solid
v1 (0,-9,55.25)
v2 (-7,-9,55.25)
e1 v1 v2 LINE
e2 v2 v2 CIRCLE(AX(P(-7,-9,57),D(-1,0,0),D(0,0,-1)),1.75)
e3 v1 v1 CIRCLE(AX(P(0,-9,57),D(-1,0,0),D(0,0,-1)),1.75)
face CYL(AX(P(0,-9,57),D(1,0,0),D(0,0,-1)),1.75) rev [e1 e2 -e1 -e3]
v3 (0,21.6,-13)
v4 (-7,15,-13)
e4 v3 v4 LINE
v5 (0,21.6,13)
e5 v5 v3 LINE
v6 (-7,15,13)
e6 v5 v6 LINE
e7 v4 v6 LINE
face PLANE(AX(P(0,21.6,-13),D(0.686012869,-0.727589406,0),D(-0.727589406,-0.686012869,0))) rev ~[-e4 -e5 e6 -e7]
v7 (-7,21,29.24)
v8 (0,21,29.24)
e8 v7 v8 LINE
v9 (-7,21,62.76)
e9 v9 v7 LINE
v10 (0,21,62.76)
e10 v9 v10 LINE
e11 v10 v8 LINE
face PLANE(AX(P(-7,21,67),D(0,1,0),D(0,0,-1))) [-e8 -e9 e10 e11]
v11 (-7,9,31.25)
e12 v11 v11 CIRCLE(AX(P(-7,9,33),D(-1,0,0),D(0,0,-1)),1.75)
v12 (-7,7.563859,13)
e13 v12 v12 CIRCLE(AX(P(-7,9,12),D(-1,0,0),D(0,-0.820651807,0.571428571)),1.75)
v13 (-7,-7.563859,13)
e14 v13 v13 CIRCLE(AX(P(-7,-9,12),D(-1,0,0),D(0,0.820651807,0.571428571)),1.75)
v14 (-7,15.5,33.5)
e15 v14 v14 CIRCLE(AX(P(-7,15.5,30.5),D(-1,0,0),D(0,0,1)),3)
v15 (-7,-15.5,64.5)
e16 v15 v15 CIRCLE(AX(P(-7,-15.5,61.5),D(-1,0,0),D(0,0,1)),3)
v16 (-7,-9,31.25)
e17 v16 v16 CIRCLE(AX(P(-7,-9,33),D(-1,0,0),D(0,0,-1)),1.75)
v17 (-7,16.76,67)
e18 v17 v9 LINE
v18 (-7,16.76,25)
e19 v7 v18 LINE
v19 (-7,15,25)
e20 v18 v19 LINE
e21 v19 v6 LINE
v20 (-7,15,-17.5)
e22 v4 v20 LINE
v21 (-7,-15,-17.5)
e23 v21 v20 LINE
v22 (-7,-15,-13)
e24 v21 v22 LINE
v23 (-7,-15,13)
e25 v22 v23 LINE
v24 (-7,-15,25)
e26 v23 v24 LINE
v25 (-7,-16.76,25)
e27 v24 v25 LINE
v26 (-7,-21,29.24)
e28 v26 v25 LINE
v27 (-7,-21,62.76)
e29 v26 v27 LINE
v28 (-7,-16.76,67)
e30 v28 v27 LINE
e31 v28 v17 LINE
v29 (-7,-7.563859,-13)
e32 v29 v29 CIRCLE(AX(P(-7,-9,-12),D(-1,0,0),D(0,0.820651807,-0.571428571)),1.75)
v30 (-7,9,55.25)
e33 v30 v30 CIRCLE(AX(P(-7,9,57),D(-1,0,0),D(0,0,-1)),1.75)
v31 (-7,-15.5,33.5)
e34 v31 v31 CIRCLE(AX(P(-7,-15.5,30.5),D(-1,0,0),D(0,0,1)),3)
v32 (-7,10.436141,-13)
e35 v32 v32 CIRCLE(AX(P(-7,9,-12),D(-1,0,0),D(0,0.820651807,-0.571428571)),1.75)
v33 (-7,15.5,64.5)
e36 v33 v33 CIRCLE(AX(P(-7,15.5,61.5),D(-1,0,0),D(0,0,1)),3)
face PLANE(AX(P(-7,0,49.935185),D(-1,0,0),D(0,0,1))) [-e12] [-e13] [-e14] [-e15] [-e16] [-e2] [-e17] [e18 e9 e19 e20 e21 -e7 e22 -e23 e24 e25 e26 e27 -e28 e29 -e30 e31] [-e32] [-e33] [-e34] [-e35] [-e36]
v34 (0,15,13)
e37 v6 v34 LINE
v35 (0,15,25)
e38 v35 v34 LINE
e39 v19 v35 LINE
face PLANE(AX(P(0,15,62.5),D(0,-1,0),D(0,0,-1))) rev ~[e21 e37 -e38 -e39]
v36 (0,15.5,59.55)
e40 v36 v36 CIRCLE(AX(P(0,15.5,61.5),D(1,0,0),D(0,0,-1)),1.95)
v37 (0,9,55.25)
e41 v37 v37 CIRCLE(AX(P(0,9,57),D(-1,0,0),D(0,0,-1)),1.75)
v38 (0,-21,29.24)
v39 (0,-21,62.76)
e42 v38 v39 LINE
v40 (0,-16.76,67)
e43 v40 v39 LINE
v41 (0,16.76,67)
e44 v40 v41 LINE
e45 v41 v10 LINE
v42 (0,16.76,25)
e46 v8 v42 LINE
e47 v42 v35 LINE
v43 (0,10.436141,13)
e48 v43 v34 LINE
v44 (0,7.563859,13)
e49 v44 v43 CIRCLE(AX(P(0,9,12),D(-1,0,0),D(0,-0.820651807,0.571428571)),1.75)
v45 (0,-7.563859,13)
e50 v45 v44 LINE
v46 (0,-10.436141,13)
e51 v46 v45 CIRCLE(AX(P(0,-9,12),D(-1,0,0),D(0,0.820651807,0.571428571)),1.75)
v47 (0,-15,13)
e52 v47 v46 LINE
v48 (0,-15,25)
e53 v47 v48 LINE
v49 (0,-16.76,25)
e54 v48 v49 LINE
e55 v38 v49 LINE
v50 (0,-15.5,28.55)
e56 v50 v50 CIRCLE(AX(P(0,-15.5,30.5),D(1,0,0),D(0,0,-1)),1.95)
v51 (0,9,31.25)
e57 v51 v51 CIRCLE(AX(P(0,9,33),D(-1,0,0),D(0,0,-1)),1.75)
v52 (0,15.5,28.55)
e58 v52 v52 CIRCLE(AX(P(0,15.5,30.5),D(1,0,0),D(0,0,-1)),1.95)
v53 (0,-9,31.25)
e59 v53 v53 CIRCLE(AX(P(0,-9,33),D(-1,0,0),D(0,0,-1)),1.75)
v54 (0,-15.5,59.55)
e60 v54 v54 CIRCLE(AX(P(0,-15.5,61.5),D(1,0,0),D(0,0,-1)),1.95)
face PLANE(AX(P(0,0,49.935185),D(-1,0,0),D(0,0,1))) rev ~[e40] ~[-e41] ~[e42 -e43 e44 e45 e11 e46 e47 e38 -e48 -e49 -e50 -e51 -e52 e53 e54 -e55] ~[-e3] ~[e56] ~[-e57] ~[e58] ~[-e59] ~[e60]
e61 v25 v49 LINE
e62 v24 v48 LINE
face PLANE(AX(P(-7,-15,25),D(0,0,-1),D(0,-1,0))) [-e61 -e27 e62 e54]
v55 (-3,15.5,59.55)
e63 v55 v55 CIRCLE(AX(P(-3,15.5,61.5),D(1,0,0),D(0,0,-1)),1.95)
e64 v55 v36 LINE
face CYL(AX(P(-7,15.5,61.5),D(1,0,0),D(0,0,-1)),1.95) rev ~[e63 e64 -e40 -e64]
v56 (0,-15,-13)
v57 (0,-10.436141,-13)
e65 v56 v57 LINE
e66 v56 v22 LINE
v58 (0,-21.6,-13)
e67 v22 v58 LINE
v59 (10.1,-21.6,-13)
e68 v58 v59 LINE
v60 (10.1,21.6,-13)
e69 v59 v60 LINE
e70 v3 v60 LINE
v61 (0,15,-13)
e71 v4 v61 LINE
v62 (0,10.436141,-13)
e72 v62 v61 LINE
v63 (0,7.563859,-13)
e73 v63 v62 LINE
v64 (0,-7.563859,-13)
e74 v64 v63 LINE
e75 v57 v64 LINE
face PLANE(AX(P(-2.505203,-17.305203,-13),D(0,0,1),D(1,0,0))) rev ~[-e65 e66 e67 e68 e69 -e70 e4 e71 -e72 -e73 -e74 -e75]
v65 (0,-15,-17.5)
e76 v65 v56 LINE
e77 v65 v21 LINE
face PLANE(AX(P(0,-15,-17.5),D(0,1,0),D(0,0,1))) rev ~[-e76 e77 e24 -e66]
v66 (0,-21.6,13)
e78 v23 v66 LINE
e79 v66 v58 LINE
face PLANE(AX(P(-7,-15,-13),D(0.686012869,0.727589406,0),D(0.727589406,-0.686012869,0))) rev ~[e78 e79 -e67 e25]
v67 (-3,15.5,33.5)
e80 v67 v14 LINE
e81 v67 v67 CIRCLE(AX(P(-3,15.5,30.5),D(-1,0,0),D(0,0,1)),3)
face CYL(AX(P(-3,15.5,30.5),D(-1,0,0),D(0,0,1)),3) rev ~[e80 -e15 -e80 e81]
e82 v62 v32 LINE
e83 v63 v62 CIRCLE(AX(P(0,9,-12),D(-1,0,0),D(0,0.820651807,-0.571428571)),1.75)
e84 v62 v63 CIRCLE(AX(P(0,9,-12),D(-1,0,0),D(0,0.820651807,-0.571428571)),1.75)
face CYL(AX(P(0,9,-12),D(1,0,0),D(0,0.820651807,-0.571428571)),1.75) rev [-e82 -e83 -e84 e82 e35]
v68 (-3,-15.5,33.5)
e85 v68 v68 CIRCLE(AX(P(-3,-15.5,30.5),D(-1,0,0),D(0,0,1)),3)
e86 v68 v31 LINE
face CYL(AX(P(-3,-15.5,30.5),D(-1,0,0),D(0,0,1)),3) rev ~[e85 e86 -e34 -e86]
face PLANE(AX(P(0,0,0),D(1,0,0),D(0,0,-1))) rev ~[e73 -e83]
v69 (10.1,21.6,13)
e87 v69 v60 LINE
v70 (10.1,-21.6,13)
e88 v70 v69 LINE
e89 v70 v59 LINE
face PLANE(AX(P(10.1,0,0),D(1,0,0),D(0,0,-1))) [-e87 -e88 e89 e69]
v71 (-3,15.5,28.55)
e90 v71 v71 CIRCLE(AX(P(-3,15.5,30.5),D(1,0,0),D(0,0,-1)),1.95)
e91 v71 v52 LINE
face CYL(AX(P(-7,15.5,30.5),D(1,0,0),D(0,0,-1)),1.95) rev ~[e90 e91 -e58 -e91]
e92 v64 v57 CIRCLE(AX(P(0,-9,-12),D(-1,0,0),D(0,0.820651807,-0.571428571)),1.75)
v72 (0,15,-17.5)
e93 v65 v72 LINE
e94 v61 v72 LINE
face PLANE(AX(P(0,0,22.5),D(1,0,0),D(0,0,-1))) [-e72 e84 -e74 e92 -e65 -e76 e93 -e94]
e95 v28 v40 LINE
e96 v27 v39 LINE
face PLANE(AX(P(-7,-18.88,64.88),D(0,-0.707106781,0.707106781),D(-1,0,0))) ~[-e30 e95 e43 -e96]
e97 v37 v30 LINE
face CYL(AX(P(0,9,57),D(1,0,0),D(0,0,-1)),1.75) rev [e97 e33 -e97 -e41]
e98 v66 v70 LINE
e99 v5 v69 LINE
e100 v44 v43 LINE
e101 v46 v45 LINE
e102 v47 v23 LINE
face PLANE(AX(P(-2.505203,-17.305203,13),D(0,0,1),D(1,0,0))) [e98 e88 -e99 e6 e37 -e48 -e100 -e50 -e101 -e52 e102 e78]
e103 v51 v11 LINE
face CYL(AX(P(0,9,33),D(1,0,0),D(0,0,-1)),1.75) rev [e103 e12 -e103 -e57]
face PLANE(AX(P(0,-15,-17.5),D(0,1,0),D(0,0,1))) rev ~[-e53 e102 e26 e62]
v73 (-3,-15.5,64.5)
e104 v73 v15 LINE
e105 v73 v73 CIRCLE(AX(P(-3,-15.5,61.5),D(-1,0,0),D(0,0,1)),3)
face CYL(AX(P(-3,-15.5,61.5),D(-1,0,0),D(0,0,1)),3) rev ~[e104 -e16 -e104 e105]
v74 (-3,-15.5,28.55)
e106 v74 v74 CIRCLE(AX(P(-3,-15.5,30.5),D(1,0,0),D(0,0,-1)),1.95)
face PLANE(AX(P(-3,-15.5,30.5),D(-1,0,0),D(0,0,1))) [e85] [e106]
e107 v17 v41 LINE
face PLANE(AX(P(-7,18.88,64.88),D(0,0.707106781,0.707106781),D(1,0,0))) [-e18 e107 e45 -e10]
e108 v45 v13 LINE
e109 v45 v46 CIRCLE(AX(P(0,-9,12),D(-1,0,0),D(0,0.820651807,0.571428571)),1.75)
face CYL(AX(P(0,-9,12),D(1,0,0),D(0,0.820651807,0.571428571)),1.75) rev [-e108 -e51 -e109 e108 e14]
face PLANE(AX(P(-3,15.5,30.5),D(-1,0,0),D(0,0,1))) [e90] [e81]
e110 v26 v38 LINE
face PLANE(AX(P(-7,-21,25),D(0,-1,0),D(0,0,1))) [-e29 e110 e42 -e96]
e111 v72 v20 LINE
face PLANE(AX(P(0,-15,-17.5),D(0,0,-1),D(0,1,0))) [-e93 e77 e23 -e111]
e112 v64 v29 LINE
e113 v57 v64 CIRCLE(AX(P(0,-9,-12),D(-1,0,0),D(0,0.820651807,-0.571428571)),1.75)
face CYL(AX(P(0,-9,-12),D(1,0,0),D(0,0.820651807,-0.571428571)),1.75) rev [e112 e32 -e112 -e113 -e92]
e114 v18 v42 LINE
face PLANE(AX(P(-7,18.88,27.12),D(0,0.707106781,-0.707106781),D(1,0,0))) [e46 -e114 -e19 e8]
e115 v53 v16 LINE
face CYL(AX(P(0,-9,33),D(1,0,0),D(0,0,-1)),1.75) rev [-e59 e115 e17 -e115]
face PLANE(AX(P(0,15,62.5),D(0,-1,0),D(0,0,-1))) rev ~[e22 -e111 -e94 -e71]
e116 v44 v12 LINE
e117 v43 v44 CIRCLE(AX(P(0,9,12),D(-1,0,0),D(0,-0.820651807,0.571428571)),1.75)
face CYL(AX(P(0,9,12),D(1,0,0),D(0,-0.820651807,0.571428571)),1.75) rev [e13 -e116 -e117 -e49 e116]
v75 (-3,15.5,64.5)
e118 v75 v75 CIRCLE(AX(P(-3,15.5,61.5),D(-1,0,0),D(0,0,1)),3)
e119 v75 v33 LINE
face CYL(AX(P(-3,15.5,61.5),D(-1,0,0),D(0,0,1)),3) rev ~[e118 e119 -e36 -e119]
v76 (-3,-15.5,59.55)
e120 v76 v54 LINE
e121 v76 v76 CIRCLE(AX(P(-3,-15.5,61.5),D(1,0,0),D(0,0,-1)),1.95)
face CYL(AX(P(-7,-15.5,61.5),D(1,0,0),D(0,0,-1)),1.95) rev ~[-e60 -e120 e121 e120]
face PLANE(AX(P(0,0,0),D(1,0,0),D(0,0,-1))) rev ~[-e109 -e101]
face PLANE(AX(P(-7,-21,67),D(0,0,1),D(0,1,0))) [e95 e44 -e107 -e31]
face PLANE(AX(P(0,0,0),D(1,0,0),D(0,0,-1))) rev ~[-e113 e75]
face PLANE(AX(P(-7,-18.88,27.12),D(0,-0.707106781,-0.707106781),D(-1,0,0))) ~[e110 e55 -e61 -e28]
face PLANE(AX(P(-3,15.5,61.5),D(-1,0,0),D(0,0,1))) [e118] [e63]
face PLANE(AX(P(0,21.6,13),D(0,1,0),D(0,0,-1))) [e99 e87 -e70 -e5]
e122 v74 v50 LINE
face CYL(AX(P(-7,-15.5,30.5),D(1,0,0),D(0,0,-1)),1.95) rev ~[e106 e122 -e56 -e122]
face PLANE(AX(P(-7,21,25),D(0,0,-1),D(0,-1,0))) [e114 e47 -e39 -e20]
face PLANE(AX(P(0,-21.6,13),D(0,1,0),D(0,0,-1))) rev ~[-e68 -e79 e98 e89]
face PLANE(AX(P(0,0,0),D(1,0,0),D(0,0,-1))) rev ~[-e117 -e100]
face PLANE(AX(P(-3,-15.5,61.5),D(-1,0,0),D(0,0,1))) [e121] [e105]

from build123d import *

# Parameters (mm, degrees)
SKETCH2_W                                    = 26
SKETCH2_H                                    = 43.2
BOSS_EXTRUDE1_DEPTH                          = 10.1
SKETCH3_R                                    = 1.75
BOSS_EXTRUDE2_DEPTH                          = 7
BOSS_EXTRUDE3_DEPTH                          = 26
BOSS_EXTRUDE4_DEPTH                          = 7
CHAMFER1_SIZE                                = 4.24
CBORE_FOR_M5_HEX_HEAD_CAP_SCREW1_D           = 3.9
CBORE_FOR_M5_HEX_HEAD_CAP_SCREW1_CBORE_D     = 6
CBORE_FOR_M5_HEX_HEAD_CAP_SCREW1_CBORE_DEPTH = 4


with BuildPart() as part:
    # Sketch2 → Boss-Extrude1 (new body)
    with BuildSketch(Plane(origin=(0, 0, 0), x_dir=(0, 0, -1), z_dir=(1, 0, 0))):
        Rectangle(SKETCH2_W, SKETCH2_H)
    extrude(amount=BOSS_EXTRUDE1_DEPTH)

    # Sketch3 → Boss-Extrude2 (add)
    with BuildSketch(Plane.ZY):
        Polygon((-17.5, 15), (17.5, 15), (62.5, 15), (62.5, -15), (17.5, -15), (-17.5, -15), align=None)
        with Locations(Location((12, 9, 0), (0, 0, 304.849904579))):
            Circle(SKETCH3_R, mode=Mode.SUBTRACT)
        with Locations(Location((12, -9, 0), (0, 0, 55.150095421))):
            Circle(SKETCH3_R, mode=Mode.SUBTRACT)
        with Locations(Location((-12, -9, 0), (0, 0, 124.849904579))):
            Circle(SKETCH3_R, mode=Mode.SUBTRACT)
        with Locations(Location((-12, 9, 0), (0, 0, 124.849904579))):
            Circle(SKETCH3_R, mode=Mode.SUBTRACT)
        with Locations(Location((57, -9, 0), (0, 0, 180))):
            Circle(SKETCH3_R, mode=Mode.SUBTRACT)
        with Locations(Location((57, 9, 0), (0, 0, 180))):
            Circle(SKETCH3_R, mode=Mode.SUBTRACT)
        with Locations(Location((33, -9, 0), (0, 0, 180))):
            Circle(SKETCH3_R, mode=Mode.SUBTRACT)
        with Locations(Location((33, 9, 0), (0, 0, 180))):
            Circle(SKETCH3_R, mode=Mode.SUBTRACT)
    extrude(amount=BOSS_EXTRUDE2_DEPTH)

    # Sketch5 → Boss-Extrude3 (add)
    with BuildSketch(Plane(origin=(0, 0, -13), x_dir=(-1, 0, 0), z_dir=(0, 0, -1))):
        Polygon((0, -21.6), (0, -15), (7, -15), align=None)
        Polygon((7, 15), (0, 15), (0, 21.6), align=None)
    extrude(amount=-BOSS_EXTRUDE3_DEPTH)

    # Sketch7 → Boss-Extrude4 (add)
    with BuildSketch(Plane.ZY.offset(7)):
        Polygon((67, -21), (67, 21), (25, 21), (25, 15), (62.5, 15), (62.5, -15), (25, -15), (25, -21), align=None)
    extrude(amount=-BOSS_EXTRUDE4_DEPTH)

    # Chamfer1
    chamfer1_edges = [part.edges().sort_by_distance(p)[0] for p in [
        (-3.5, -21, 25),
        (-3.5, -21, 67),
        (-3.5, 21, 67),
        (-3.5, 21, 25),
    ]]
    chamfer(chamfer1_edges, length=CHAMFER1_SIZE)

    # CBORE for M5 Hex Head Cap Screw1 (through all)
    with Locations(Plane.ZY.offset(7)):
        with Locations((61.5, 15.5), (61.5, -15.5), (30.5, -15.5), (30.5, 15.5)):
            CounterBoreHole(CBORE_FOR_M5_HEX_HEAD_CAP_SCREW1_D / 2, CBORE_FOR_M5_HEX_HEAD_CAP_SCREW1_CBORE_D / 2, CBORE_FOR_M5_HEX_HEAD_CAP_SCREW1_CBORE_DEPTH)


solid = part.part
